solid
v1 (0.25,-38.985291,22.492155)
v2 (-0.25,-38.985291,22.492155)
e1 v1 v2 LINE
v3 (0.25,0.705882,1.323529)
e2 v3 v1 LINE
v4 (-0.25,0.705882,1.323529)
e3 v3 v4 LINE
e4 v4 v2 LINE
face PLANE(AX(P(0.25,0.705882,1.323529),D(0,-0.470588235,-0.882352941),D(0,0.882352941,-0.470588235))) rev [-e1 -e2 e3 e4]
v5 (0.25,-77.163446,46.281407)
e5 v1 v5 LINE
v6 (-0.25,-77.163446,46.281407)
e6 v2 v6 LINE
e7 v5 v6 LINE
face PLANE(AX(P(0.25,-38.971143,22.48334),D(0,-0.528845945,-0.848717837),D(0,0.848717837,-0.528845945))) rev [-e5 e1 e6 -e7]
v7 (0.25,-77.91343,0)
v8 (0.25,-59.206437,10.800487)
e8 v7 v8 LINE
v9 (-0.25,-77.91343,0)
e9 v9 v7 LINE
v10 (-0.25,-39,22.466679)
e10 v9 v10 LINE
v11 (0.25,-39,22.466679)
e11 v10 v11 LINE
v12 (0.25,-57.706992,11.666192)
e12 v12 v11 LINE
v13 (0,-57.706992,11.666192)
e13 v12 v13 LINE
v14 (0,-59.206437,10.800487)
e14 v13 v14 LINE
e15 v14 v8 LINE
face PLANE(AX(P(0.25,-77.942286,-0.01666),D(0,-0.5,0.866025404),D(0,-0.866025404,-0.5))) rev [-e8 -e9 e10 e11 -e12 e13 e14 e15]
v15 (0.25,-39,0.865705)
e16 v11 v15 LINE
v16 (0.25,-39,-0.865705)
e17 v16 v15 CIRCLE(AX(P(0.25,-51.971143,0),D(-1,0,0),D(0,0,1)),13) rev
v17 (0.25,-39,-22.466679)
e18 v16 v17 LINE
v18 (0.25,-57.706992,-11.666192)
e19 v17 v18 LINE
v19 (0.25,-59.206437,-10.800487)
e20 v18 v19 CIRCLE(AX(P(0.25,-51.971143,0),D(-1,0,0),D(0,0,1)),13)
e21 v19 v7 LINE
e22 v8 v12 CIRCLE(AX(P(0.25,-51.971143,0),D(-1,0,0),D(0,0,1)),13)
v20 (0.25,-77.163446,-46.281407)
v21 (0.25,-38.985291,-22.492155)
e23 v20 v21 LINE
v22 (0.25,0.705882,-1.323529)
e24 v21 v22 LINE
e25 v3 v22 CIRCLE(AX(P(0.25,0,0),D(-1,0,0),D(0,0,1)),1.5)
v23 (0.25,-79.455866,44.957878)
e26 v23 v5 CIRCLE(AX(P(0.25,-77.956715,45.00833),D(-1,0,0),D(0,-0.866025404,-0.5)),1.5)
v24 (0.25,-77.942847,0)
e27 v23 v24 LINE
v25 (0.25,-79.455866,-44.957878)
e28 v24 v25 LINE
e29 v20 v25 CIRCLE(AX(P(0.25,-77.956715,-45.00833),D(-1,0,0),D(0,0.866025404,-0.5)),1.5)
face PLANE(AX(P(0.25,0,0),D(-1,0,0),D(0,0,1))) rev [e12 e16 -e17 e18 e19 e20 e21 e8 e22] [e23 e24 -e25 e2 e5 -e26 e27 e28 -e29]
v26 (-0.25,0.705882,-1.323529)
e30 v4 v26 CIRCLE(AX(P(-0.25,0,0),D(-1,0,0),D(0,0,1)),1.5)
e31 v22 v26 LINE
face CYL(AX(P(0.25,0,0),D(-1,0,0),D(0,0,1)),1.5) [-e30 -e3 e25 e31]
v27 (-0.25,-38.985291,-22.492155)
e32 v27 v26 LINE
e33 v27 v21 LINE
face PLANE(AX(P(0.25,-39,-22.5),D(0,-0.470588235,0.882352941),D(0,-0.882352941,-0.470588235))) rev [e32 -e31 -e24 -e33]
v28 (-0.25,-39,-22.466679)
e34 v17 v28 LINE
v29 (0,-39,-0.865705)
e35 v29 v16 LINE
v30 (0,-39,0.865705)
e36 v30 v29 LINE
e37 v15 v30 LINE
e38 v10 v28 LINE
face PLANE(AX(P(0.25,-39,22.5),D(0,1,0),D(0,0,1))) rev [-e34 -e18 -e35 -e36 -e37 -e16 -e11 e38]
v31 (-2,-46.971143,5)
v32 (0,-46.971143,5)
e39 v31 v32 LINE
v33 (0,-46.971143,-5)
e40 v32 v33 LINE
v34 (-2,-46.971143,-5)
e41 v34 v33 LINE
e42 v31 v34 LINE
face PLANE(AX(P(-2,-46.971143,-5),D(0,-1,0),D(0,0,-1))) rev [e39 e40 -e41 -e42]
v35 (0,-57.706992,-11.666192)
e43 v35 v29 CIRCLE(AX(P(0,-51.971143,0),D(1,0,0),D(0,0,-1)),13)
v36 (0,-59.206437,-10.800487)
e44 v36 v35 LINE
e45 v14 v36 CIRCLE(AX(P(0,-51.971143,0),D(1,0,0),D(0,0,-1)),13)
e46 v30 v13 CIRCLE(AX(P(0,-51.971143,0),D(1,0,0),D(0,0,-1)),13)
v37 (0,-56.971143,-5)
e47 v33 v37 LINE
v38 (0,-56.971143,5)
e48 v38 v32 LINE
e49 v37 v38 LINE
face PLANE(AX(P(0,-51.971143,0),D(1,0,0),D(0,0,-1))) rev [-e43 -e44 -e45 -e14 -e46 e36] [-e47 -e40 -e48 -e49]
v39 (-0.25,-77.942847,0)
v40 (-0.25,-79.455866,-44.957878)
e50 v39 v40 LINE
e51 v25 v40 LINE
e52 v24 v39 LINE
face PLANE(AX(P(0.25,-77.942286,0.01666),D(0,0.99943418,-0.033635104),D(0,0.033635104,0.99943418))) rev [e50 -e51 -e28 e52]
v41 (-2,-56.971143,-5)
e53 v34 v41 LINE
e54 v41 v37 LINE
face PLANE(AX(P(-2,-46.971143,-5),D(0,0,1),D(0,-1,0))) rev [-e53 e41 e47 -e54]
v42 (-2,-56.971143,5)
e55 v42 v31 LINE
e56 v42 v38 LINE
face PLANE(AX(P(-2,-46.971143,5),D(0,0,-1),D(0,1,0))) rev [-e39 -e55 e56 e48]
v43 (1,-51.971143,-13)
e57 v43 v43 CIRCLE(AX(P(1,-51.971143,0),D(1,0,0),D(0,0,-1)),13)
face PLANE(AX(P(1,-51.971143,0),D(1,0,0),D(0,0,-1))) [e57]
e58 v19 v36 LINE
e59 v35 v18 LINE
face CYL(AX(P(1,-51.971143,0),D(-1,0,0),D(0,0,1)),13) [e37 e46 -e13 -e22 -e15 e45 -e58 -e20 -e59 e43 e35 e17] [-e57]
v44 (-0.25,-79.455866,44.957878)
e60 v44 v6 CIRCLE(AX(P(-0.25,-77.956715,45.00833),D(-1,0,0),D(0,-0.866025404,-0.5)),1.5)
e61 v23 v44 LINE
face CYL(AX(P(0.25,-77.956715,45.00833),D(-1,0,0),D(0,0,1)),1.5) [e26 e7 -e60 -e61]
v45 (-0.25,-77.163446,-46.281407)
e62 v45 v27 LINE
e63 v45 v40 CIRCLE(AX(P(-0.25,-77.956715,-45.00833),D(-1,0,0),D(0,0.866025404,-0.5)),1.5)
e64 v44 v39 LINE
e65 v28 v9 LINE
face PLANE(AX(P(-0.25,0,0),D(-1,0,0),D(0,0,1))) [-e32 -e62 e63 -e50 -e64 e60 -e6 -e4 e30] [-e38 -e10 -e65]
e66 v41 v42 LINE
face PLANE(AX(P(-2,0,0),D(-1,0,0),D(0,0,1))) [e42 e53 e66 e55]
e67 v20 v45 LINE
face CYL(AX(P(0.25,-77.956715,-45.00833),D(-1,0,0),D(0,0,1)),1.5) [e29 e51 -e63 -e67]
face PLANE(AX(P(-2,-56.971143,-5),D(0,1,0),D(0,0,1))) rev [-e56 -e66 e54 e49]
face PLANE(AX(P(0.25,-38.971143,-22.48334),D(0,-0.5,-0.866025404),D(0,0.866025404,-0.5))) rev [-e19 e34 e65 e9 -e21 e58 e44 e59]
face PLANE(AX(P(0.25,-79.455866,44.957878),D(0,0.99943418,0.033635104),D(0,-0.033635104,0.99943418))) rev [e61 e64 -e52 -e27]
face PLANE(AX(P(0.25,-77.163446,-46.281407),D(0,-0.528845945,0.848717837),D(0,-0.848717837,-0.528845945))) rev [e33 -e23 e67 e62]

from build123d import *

# Parameters (mm, degrees)
BOSS_EXTRUDE1_DEPTH = 0.25
SKETCH2_R           = 13
BOSS_EXTRUDE2_DEPTH = 1
CIRPATTERN1_COUNT   = 3
SKETCH4_W           = 10
SKETCH4_H           = 10
BOSS_EXTRUDE3_DEPTH = 2


with BuildPart() as part:
    # Sketch1 → Boss-Extrude1 (new body, symmetric)
    with BuildSketch(Plane(origin=(0, 0, 0), x_dir=(0, 0, -1), z_dir=(1, 0, 0))):
        with BuildLine():
            Line((-1.323529412, 0.705882353), (-22.5, -39))
            Line((-22.5, -39), (22.5, -39))
            Line((22.5, -39), (1.323529412, 0.705882353))
            ThreePointArc((1.323529412, 0.705882353), (0, 1.5), (-1.323529412, 0.705882353))
        make_face()
    boss_extrude1 = extrude(amount=BOSS_EXTRUDE1_DEPTH, both=True)

    # Sketch2 → Boss-Extrude2 (add)
    with BuildSketch(Plane(origin=(0, 0, 0), x_dir=(0, 0, -1), z_dir=(1, 0, 0))):
        with Locations((0, -51.97114317)):
            Circle(SKETCH2_R)
    extrude(amount=BOSS_EXTRUDE2_DEPTH)

    # CirPattern1: Boss-Extrude1 ×3 about axis
    cirpattern1_axis = Axis((0, -51.97114317, 0), (1, 0, 0))
    for i in range(1, CIRPATTERN1_COUNT):
        add(boss_extrude1.rotate(cirpattern1_axis, i * 360 / CIRPATTERN1_COUNT))

    # Sketch4 → Boss-Extrude3 (add)
    with BuildSketch(Plane.ZY):
        with Locations((0, -51.97114317)):
            Rectangle(SKETCH4_W, SKETCH4_H)
    extrude(amount=BOSS_EXTRUDE3_DEPTH)


solid = part.part
